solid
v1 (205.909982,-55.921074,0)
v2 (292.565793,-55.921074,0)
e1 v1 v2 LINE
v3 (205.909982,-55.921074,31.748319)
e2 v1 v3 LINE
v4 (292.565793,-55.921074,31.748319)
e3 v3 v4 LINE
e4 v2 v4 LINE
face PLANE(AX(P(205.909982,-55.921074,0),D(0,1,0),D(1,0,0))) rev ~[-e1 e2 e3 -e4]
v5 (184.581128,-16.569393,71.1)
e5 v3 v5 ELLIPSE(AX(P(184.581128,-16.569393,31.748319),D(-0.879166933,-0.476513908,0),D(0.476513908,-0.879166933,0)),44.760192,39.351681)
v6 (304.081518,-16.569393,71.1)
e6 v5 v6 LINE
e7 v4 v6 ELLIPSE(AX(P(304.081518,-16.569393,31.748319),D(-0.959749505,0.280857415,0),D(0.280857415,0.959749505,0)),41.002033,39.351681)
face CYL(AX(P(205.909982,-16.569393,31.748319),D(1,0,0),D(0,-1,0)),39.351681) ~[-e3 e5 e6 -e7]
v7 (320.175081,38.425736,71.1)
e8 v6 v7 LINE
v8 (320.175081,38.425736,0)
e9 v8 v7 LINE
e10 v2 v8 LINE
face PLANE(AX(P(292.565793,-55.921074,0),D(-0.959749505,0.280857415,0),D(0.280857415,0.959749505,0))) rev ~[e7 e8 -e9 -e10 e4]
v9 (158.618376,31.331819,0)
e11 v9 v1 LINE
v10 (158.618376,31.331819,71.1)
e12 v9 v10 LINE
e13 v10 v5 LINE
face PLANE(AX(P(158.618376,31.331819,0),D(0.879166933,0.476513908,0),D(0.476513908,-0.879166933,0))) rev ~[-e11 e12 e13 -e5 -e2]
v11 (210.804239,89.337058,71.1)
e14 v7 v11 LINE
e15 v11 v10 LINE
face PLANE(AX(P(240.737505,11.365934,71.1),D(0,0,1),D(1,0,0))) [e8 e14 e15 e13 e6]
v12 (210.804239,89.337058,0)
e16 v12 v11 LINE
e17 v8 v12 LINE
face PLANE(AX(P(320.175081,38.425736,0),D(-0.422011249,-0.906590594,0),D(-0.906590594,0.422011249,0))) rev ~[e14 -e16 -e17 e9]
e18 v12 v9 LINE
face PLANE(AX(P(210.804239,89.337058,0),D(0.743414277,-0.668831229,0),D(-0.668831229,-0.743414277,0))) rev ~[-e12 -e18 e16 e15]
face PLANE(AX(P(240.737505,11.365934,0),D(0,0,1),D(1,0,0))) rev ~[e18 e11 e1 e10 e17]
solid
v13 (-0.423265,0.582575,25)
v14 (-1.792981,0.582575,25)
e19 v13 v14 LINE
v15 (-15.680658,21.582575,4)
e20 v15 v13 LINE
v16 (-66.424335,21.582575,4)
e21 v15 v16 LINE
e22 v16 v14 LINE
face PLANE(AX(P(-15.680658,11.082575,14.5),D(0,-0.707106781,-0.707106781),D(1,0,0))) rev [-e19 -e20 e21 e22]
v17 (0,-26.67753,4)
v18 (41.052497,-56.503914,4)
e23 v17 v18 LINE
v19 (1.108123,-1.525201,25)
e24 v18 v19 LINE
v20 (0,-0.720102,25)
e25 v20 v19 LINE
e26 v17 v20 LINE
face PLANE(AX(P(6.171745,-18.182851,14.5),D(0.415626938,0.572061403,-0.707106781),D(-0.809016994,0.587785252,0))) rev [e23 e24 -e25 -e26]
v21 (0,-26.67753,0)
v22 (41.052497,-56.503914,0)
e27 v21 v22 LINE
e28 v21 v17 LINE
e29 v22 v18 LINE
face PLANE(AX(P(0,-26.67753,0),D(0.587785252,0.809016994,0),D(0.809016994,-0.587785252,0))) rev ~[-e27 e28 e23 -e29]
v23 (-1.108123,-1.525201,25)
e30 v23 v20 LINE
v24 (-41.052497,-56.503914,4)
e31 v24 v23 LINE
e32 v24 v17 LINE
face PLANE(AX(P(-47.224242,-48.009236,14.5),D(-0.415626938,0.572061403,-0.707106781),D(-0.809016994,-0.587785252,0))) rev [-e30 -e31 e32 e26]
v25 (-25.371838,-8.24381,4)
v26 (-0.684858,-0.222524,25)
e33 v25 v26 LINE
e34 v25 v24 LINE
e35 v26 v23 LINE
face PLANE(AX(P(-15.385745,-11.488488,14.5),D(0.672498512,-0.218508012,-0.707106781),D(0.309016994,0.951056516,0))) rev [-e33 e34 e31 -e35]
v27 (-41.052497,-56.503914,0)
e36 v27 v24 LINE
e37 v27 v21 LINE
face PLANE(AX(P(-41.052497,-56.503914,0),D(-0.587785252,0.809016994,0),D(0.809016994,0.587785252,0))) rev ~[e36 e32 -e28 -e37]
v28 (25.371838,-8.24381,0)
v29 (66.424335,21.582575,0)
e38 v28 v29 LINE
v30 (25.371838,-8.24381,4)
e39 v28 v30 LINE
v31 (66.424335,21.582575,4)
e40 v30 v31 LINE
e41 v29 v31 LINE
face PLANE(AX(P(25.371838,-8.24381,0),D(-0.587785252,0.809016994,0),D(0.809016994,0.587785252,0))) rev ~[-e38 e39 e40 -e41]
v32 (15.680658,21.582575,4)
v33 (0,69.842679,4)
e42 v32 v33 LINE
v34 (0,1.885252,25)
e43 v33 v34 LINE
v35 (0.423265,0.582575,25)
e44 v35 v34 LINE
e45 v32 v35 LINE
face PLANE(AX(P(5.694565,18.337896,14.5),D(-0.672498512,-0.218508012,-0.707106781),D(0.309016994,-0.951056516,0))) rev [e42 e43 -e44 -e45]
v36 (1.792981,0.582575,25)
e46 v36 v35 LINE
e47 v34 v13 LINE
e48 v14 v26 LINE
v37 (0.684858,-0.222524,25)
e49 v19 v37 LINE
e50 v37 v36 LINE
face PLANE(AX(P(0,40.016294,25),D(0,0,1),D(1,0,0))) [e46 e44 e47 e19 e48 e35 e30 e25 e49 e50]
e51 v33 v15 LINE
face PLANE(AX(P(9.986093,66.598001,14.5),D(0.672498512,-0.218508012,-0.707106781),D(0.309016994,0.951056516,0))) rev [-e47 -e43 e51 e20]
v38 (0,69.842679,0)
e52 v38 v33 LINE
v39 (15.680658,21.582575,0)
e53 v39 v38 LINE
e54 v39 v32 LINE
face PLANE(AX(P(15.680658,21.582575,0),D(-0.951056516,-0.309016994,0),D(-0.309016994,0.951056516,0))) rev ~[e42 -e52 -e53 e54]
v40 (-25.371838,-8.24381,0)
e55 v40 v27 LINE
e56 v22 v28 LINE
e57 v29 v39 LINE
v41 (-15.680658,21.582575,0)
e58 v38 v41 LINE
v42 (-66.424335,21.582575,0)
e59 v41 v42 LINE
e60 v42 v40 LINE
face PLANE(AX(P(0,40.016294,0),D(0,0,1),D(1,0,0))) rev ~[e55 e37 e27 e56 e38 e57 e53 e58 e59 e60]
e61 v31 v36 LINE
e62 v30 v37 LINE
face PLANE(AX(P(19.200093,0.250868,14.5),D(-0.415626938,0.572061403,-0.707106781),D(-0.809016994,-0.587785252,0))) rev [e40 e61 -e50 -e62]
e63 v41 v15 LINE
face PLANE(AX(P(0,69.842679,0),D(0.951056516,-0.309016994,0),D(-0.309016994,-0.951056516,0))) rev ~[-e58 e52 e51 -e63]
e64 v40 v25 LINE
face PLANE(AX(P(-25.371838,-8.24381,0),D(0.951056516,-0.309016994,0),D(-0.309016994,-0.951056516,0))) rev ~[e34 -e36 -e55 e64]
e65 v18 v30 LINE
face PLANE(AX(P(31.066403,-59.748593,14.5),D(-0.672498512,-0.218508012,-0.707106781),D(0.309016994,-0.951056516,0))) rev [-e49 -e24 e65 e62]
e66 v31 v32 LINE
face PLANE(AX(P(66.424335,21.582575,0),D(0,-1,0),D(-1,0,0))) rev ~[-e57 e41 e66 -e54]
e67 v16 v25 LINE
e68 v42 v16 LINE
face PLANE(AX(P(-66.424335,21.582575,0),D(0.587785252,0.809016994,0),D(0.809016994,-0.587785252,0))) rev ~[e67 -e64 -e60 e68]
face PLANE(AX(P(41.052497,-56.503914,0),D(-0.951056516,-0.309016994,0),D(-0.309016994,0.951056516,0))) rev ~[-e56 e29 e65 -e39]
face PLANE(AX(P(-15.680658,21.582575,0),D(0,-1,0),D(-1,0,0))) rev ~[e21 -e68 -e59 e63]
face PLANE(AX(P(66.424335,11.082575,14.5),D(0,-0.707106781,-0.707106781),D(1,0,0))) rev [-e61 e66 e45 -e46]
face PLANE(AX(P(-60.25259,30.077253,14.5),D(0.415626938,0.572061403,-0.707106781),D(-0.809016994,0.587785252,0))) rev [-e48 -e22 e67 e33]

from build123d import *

# Parameters (mm, degrees)
F1_DEPTH = 25
F2_SIZE  = 21
F4_DEPTH = 71.1
F5_R     = 39.3516810667


with BuildPart() as f1:
    # F0 (on Top) → F1 (new body)
    with BuildSketch(Plane.XY):
        Polygon((15.6806584298, 21.5825747639), (0, 69.8426790655), (-15.6806584298, 21.5825747639), align=None)
        Polygon((0, -26.6775295377), (25.3718383054, -8.2438099951), (15.6806584298, 21.5825747639), (-15.6806584298, 21.5825747639), (-25.3718383054, -8.2438099951), align=None)
        Polygon((-15.6806584298, 21.5825747639), (-66.4243350407, 21.5825747639), (-25.3718383054, -8.2438099951), align=None)
        Polygon((-25.3718383054, -8.2438099951), (-41.0524967353, -56.5039142966), (0, -26.6775295377), align=None)
        Polygon((0, -26.6775295377), (41.0524967353, -56.5039142966), (25.3718383054, -8.2438099951), align=None)
        Polygon((25.3718383054, -8.2438099951), (66.4243350407, 21.5825747639), (15.6806584298, 21.5825747639), align=None)
    extrude(amount=F1_DEPTH)

    # F2
    f2_edges = [f1.edges().sort_by_distance(p)[0] for p in [
        (-7.840329, 45.712627, 25),
        (-41.052497, 21.582575, 25),
        (-45.898087, 6.669382, 25),
        (-33.212168, -32.373862, 25),
        (-20.526248, -41.590722, 25),
        (20.526248, -41.590722, 25),
        (33.212168, -32.373862, 25),
        (45.898087, 6.669382, 25),
        (41.052497, 21.582575, 25),
        (7.840329, 45.712627, 25),
    ]]
    chamfer(f2_edges, length=F2_SIZE)


with BuildPart() as f4:
    # F3 (on Top) → F4 (new body)
    with BuildSketch(Plane.XY):
        Polygon((210.8042389154, 89.3370583653), (158.618375659, 31.3318185508), (205.9099823236, -55.921074003), (292.565792799, -55.921074003), (320.1750814915, 38.4257361293), align=None)
    extrude(amount=F4_DEPTH)

    # F5
    f5_edges = [f4.edges().sort_by_distance(p)[0] for p in [
        (249.237888, -55.921074, 71.1),
    ]]
    fillet(f5_edges, radius=F5_R)


solid = Compound([f1.part, f4.part])
